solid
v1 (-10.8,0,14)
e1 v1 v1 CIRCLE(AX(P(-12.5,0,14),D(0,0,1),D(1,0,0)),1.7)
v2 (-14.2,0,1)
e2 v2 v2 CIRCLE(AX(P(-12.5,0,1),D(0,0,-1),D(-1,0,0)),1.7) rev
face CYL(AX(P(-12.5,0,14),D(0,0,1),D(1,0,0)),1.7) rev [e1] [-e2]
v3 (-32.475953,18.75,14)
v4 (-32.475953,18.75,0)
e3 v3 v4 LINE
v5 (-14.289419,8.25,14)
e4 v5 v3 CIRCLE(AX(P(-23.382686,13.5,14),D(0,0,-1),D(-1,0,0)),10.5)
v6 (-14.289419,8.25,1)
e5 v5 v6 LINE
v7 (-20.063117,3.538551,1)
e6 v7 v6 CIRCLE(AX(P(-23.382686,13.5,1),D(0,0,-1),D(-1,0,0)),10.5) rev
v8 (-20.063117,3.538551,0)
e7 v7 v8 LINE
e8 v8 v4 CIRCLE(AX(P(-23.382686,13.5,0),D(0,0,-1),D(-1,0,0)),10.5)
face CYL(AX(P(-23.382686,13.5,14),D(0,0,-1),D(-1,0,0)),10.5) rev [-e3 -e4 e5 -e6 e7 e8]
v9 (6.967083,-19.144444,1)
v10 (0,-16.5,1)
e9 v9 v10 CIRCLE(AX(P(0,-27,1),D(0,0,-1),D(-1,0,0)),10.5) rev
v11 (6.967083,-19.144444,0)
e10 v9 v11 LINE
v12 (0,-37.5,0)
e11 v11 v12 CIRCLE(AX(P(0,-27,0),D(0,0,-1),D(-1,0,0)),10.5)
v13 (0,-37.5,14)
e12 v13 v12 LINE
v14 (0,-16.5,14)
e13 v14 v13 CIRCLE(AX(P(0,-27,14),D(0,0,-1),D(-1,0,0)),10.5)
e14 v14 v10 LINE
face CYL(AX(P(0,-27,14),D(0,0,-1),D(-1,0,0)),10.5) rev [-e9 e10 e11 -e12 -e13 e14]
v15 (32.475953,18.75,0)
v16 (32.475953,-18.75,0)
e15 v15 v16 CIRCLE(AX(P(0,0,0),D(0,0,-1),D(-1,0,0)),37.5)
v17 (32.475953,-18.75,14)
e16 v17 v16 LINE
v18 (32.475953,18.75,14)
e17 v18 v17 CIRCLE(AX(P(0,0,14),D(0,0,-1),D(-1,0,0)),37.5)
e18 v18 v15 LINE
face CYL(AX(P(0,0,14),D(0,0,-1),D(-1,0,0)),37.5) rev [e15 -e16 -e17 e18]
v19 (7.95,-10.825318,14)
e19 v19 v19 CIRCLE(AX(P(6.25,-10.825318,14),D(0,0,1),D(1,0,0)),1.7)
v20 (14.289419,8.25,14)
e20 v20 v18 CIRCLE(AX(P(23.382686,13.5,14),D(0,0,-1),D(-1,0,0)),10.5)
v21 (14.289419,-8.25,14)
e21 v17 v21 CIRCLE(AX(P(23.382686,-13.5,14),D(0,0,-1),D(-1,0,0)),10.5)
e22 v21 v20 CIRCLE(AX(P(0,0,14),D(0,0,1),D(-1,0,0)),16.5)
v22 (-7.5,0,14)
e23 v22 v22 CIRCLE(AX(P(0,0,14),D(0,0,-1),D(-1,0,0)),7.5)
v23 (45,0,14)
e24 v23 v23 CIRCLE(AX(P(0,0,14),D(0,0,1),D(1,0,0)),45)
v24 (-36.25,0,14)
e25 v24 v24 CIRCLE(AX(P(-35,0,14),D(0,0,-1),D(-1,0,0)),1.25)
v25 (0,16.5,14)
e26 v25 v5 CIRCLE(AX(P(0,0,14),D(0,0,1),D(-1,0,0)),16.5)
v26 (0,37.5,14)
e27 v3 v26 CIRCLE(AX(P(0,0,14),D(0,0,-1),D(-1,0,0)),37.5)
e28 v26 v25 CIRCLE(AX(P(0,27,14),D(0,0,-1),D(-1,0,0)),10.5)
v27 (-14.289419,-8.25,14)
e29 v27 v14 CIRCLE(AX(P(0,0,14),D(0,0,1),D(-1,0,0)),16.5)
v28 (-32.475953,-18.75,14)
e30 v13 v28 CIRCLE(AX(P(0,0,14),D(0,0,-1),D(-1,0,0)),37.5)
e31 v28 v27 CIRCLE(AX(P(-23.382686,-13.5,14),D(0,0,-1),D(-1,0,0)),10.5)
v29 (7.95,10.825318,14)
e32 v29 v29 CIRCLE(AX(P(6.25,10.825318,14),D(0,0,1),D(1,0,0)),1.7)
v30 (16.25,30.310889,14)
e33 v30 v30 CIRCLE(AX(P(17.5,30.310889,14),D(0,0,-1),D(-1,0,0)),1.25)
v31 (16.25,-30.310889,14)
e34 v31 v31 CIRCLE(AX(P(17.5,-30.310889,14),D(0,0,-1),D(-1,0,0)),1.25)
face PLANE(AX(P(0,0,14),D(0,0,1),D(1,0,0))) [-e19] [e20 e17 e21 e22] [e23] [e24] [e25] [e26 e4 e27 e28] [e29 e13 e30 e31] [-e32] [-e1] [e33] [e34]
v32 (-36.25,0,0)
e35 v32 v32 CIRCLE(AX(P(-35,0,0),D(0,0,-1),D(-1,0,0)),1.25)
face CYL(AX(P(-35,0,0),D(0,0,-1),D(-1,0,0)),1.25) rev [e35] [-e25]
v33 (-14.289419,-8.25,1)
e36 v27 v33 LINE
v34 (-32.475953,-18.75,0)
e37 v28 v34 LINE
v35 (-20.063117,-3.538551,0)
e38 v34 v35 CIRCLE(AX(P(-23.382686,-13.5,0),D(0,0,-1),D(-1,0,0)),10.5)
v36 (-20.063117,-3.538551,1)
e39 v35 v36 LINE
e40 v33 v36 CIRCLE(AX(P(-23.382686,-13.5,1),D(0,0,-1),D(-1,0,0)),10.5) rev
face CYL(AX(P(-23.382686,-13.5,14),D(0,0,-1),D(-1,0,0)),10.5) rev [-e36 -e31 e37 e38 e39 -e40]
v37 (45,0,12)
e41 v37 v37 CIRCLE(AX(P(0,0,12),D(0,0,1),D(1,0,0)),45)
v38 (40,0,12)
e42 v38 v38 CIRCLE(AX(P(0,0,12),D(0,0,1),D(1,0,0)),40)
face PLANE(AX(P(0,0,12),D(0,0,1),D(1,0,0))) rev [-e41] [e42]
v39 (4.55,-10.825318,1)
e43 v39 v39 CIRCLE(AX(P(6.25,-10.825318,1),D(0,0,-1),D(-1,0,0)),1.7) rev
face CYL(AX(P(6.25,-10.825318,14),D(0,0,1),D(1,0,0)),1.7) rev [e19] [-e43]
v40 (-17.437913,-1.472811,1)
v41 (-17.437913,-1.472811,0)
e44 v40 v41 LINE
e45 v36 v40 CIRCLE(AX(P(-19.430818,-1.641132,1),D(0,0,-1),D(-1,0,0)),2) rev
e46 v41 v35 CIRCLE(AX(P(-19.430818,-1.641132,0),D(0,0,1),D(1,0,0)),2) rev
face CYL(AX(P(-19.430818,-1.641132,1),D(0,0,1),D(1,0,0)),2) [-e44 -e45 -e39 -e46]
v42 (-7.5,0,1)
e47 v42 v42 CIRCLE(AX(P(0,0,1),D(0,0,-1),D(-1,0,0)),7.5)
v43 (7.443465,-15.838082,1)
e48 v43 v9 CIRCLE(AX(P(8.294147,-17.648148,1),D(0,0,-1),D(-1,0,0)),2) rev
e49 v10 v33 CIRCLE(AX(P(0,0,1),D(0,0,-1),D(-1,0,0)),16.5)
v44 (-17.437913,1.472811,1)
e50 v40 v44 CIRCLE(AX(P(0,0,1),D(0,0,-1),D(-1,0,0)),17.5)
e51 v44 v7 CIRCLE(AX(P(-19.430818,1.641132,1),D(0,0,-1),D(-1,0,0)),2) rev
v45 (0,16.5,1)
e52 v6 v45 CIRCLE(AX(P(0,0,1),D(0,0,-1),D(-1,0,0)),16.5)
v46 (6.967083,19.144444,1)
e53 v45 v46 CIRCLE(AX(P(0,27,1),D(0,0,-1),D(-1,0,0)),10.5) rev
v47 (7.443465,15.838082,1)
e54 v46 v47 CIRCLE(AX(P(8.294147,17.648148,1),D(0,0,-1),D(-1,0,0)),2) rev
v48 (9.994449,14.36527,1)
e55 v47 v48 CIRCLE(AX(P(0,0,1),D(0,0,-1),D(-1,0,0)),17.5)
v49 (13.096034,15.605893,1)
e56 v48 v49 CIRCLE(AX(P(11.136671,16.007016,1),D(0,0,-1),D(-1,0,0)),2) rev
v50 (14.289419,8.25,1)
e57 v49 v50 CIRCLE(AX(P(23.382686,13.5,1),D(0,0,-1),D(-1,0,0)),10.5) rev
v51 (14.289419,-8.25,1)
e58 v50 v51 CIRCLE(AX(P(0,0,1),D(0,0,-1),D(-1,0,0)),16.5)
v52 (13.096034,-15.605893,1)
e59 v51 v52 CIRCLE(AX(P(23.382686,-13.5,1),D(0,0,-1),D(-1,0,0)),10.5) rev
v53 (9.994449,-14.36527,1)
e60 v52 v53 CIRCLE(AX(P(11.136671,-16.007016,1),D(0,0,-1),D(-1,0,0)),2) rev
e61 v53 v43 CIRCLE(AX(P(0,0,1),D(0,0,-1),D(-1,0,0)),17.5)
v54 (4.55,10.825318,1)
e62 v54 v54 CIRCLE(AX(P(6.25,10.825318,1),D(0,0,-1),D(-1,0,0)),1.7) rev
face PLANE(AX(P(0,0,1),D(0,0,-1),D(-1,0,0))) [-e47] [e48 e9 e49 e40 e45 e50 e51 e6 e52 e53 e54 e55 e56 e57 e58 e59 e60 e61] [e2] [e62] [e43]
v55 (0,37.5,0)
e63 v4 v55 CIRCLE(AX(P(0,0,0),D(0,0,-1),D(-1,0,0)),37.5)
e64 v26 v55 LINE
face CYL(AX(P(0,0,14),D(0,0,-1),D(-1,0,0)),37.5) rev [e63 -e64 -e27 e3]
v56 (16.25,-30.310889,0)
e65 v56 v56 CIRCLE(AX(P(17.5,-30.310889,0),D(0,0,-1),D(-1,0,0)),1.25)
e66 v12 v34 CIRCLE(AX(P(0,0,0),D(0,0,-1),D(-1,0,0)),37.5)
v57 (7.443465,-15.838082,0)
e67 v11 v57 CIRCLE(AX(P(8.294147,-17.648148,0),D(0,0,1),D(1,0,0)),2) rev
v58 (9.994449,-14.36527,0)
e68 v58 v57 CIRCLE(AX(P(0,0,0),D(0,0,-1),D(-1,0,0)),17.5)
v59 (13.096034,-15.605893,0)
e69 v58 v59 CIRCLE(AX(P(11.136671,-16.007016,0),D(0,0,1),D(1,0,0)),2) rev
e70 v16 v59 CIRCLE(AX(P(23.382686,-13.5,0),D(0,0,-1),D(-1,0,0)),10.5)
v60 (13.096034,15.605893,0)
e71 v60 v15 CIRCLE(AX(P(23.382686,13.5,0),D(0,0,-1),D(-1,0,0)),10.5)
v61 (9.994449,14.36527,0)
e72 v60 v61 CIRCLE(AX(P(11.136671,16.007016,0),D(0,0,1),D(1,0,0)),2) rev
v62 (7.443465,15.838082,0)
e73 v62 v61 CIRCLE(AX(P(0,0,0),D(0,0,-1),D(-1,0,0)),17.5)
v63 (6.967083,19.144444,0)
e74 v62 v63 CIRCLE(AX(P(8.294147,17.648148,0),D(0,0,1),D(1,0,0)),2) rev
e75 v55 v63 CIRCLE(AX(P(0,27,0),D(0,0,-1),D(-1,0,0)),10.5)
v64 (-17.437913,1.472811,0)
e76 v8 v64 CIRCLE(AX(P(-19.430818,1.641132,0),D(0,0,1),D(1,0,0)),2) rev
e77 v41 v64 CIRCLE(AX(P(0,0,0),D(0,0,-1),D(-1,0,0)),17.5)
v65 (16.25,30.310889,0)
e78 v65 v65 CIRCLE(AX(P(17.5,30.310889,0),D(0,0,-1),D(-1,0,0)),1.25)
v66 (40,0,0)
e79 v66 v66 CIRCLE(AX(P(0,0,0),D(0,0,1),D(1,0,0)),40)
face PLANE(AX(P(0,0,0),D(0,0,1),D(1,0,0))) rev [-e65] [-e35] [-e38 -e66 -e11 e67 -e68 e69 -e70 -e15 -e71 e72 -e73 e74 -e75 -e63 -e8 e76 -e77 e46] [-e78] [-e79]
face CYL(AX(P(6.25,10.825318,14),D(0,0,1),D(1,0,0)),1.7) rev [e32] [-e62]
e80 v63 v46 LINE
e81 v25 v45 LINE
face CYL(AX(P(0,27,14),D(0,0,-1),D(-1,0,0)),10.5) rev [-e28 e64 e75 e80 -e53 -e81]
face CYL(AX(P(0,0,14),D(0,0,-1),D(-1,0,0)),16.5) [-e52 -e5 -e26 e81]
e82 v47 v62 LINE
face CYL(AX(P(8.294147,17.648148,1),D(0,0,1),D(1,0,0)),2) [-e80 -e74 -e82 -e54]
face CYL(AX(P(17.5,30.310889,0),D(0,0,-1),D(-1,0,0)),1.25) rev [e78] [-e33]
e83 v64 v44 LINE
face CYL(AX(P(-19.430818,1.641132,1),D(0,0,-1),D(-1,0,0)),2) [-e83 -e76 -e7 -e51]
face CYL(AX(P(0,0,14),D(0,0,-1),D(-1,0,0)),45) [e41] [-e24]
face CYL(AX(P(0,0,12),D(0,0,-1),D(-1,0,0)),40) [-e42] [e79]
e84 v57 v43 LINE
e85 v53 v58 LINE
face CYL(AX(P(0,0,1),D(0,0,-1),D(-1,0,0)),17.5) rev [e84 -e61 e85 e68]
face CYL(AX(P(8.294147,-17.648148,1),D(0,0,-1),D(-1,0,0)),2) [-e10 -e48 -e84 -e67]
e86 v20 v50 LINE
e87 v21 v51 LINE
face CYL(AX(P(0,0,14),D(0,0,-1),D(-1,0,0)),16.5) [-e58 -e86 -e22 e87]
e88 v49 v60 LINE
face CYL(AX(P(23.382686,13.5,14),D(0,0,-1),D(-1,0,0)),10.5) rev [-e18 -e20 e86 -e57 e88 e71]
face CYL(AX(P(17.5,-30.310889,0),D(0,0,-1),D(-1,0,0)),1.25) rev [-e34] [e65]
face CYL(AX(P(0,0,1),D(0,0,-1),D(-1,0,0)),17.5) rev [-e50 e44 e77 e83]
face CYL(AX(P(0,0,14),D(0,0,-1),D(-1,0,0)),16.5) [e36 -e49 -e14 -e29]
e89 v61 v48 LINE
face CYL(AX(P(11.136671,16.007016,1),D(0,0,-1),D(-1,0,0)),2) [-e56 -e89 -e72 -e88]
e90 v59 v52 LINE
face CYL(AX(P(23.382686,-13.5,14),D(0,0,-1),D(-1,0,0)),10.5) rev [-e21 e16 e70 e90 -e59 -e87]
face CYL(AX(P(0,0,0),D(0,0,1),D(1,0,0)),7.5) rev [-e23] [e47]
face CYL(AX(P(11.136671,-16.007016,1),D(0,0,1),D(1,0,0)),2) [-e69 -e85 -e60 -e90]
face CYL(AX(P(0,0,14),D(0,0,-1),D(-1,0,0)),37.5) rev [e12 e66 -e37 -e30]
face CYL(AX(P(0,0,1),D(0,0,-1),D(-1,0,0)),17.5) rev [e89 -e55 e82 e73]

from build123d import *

# Parameters (mm, degrees)
SKETCH_1_R          = 40
EXTRUDE_1_DEPTH     = 12
SKETCH_8_R          = 45
EXTRUDE_3_DEPTH     = 2
SKETCH_2_R          = 7.5
CUT_EXTRUDE_1_DEPTH = 66.161338231
HOLE_WIZARD_M32_D   = 3.4
CUT_EXTRUDE_2_DEPTH = 66.161338231
M3X0_51_D           = 2.5
SKETCH_18_R         = 17.5
CUT_EXTRUDE_4_DEPTH = 1
FILLET_1_R          = 2


with BuildPart() as part:
    # Эскиз1 → Бобышка-Вытянуть1 (new body)
    with BuildSketch(Plane.XY):
        Circle(SKETCH_1_R)
    extrude(amount=EXTRUDE_1_DEPTH)

    # Эскиз8 → Бобышка-Вытянуть3 (add)
    with BuildSketch(Plane.XY.offset(12)):
        Circle(SKETCH_8_R)
    extrude(amount=EXTRUDE_3_DEPTH)

    # Эскиз2 → Вырез-Вытянуть1 (cut, through all)
    with BuildSketch(Plane(origin=(0, 0, 14), x_dir=(-1, 0, 0), z_dir=(0, 0, -1))):
        Circle(SKETCH_2_R)
    extrude(amount=CUT_EXTRUDE_1_DEPTH, mode=Mode.SUBTRACT)

    # Отверстие с зазором M32 (through all)
    with Locations(Plane.XY.offset(14)):
        with Locations((6.25, 10.825317547), (-12.5, 0), (6.25, -10.825317547)):
            Hole(HOLE_WIZARD_M32_D / 2)

    # Эскиз10 → Вырез-Вытянуть2 (cut, through all)
    with BuildSketch(Plane(origin=(0, 0, 0), x_dir=(-1, 0, 0), z_dir=(0, 0, -1))):
        with BuildLine():
            ThreePointArc((32.475952642, -18.75), (28.632685902, -4.40673326), (14.289419162, -8.25))
            ThreePointArc((14.289419162, -8.25), (8.25, -14.289419162), (0, -16.5))
            ThreePointArc((0, -16.5), (-10.5, -27), (0, -37.5))
            ThreePointArc((0, -37.5), (18.75, -32.475952642), (32.475952642, -18.75))
        make_face()
        with BuildLine():
            ThreePointArc((32.475952642, 18.75), (18.75, 32.475952642), (0, 37.5))
            ThreePointArc((0, 37.5), (-10.5, 27), (0, 16.5))
            ThreePointArc((0, 16.5), (8.25, 14.289419162), (14.289419162, 8.25))
            ThreePointArc((14.289419162, 8.25), (28.632685902, 4.40673326), (32.475952642, 18.75))
        make_face()
        with BuildLine():
            ThreePointArc((-32.475952642, -18.75), (-18.132685902, -22.59326674), (-14.289419162, -8.25))
            ThreePointArc((-14.289419162, -8.25), (-16.5, 0), (-14.289419162, 8.25))
            ThreePointArc((-14.289419162, 8.25), (-18.132685902, 22.59326674), (-32.475952642, 18.75))
            ThreePointArc((-32.475952642, 18.75), (-37.5, 0), (-32.475952642, -18.75))
        make_face()
    extrude(amount=-CUT_EXTRUDE_2_DEPTH, mode=Mode.SUBTRACT)

    # Отверстие обработанное метчиком M3x0.51 (through all)
    with Locations(Plane(origin=(0, 0, 0), x_dir=(-1, 0, 0), z_dir=(0, 0, -1))):
        with Locations((-17.5, 30.310889132), (35, 0), (-17.5, -30.310889132)):
            Hole(M3X0_51_D / 2)

    # Эскиз18 → Вырез-Вытянуть4 (cut)
    with BuildSketch(Plane(origin=(0, 0, 0), x_dir=(-1, 0, 0), z_dir=(0, 0, -1))):
        Circle(SKETCH_18_R)
    extrude(amount=-CUT_EXTRUDE_4_DEPTH, mode=Mode.SUBTRACT)

    # Скругление1
    fillet_1_edges = [part.edges().sort_by_distance(p)[0] for p in [
        (3.581311038, 17.12962963, 0.5),
        (-16.625349936, 5.463308477, 0.5),
        (-16.625349936, -5.463308477, 0.5),
        (3.581311038, -17.12962963, 0.5),
        (13.044038898, -11.666321153, 0.5),
        (13.044038898, 11.666321153, 0.5),
    ]]
    fillet(fillet_1_edges, radius=FILLET_1_R)


solid = part.part
